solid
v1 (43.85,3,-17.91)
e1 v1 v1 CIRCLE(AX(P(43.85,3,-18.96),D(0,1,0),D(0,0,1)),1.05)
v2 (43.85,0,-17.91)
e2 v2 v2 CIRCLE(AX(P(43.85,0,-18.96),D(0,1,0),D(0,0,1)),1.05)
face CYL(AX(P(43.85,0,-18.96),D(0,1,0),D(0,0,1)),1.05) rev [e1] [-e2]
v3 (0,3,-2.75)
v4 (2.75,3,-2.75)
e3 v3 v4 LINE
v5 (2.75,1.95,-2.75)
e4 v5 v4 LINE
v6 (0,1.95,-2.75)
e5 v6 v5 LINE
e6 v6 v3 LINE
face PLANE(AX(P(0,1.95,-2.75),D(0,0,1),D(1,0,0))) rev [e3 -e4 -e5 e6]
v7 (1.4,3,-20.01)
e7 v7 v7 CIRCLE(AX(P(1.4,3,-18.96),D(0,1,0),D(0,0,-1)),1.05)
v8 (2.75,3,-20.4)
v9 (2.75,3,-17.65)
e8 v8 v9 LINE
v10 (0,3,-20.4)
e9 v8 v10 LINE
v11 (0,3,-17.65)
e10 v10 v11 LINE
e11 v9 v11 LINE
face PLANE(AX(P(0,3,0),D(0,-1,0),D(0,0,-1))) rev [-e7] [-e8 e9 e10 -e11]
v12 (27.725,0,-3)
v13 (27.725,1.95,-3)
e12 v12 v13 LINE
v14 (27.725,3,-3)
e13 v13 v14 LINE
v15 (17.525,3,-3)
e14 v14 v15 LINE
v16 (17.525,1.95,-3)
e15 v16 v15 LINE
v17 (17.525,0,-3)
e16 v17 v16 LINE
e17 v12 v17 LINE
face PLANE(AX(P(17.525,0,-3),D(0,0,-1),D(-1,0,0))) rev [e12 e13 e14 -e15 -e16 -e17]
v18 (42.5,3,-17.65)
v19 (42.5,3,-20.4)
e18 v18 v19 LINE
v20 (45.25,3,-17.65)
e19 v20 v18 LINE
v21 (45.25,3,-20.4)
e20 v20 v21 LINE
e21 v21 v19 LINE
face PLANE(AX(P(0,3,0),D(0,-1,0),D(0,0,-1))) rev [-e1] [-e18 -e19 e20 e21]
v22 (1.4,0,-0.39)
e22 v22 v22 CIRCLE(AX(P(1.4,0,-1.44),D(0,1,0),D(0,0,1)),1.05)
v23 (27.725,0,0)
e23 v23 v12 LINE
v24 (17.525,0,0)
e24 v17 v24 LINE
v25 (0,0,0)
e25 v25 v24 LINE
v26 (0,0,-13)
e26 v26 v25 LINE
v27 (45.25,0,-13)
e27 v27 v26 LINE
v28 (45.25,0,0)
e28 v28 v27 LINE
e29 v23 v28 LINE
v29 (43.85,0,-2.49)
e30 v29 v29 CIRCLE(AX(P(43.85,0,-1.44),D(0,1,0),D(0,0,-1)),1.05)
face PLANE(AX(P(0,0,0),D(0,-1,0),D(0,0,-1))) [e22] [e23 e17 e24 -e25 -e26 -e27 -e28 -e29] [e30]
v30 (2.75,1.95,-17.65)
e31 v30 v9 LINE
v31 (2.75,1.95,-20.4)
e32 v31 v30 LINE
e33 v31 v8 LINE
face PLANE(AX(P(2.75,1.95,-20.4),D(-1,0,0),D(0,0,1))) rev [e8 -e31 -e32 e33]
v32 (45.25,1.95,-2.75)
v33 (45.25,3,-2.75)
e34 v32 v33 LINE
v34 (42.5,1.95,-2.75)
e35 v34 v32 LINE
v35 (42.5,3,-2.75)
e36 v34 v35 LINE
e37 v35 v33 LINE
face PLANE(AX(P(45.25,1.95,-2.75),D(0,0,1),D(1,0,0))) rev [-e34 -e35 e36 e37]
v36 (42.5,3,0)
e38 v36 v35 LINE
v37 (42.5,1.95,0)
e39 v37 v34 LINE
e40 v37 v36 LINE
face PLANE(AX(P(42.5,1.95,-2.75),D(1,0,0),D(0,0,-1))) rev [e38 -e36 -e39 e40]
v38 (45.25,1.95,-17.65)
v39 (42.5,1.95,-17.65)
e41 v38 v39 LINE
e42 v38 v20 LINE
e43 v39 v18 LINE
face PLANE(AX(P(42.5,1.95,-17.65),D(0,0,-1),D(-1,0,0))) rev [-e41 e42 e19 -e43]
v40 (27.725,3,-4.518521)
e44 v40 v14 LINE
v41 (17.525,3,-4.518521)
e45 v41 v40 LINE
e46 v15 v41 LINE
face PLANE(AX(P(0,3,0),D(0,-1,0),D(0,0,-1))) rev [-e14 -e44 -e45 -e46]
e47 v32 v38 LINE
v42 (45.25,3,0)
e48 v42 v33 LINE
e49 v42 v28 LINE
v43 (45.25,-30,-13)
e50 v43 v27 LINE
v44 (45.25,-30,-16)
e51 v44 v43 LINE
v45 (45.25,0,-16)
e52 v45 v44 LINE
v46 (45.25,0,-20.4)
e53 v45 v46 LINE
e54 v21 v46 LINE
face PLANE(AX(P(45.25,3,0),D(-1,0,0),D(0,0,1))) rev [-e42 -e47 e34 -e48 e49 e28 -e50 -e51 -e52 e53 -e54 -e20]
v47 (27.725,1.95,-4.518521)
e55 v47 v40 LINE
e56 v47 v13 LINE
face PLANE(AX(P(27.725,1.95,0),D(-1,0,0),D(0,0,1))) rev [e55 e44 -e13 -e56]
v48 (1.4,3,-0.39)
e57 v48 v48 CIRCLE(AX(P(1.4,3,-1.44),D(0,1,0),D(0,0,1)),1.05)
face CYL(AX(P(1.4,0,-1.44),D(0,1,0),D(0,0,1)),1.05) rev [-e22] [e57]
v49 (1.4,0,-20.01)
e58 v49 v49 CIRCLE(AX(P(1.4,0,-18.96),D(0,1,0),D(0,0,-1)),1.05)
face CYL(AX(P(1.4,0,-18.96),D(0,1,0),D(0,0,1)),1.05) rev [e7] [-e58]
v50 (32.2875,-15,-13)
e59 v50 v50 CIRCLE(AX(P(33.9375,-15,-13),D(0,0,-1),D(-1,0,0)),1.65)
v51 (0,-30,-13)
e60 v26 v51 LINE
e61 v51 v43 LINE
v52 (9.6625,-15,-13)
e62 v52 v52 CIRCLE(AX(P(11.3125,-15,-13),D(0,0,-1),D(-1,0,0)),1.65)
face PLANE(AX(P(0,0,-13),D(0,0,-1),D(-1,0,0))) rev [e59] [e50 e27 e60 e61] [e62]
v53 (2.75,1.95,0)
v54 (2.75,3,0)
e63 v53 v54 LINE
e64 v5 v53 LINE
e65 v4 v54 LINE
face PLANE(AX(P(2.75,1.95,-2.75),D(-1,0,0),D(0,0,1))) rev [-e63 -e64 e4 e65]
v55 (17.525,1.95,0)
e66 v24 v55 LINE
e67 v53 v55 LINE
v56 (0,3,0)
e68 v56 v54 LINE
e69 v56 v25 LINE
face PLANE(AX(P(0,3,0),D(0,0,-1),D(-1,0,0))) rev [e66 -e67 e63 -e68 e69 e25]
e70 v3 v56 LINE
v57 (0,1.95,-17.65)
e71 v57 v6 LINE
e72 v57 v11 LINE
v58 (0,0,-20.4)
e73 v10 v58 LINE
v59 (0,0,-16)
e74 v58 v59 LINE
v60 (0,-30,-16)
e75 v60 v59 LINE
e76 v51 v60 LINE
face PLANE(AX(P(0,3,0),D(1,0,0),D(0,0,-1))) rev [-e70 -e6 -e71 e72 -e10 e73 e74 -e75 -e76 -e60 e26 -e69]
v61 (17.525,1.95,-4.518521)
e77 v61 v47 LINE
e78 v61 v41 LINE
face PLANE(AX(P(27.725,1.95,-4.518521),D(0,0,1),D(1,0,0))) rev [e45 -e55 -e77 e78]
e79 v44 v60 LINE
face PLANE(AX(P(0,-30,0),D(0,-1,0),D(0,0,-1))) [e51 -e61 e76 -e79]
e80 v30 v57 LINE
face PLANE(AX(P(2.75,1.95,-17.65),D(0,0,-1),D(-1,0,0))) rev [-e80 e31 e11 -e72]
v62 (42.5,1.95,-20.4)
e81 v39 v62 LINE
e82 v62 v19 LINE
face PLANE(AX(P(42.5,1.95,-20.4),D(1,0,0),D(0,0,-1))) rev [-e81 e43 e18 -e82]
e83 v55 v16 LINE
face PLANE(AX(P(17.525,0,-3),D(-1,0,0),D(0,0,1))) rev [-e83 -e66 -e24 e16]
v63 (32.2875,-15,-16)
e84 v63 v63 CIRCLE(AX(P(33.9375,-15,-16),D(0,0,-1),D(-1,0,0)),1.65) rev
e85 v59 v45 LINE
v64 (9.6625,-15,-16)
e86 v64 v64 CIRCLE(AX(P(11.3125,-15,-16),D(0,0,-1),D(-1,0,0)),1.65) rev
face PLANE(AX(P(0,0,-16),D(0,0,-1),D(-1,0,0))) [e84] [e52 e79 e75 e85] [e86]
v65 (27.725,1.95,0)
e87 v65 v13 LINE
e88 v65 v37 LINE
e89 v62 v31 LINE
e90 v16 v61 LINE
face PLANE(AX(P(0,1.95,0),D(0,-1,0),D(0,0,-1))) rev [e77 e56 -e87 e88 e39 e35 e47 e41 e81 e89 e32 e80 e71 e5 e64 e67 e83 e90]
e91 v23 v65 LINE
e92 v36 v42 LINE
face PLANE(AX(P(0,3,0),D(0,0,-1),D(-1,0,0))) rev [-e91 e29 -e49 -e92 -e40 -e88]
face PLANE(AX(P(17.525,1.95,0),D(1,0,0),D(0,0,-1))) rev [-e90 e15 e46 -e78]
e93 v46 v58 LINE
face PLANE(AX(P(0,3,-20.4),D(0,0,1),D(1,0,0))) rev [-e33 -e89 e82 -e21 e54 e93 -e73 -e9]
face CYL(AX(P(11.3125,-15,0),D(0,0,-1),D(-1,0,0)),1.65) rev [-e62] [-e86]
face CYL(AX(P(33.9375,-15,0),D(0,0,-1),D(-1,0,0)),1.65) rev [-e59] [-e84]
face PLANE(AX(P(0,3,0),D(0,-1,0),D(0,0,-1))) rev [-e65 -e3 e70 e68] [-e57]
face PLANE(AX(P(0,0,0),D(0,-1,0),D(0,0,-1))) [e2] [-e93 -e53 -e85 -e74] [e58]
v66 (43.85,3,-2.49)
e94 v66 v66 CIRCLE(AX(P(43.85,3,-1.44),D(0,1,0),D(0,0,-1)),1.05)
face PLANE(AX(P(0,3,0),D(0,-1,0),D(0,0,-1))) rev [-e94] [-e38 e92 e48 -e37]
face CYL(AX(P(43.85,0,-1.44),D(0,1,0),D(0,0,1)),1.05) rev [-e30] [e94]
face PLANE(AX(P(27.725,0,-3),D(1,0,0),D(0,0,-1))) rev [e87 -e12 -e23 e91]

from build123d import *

# Parameters (mm, degrees)
CROQUIS1_W              = 45.25
CROQUIS1_H              = 20.4
SALIENTE_EXTRUIR1_DEPTH = 3
CROQUIS2_W              = 10.2
CROQUIS2_H              = 3
CORTAR_EXTRUIR1_DEPTH   = 50.726476851
CORTAR_EXTRUIR2_DEPTH   = 1.05
CROQUIS5_R              = 1.05
CORTAR_EXTRUIR4_DEPTH   = 50.726476851
SALIENTE_EXTRUIR2_DEPTH = 30
CROQUIS8_W              = 45.25
CROQUIS8_H              = 30
CORTAR_EXTRUIR5_DEPTH   = 10
CROQUIS10_R             = 1.65
CORTAR_EXTRUIR6_DEPTH   = 58.197574249
CROQUIS11_W             = 45.25
CROQUIS11_H             = 30
CORTAR_EXTRUIR7_DEPTH   = 2


with BuildPart() as part:
    # Croquis1 → Saliente-Extruir1 (new body)
    with BuildSketch(Plane(origin=(0, 0, 0), x_dir=(1, 0, 0), z_dir=(0, 1, 0))):
        with Locations((22.625, 10.2)):
            Rectangle(CROQUIS1_W, CROQUIS1_H)
    extrude(amount=SALIENTE_EXTRUIR1_DEPTH)

    # Croquis2 → Cortar-Extruir1 (cut, through all)
    with BuildSketch(Plane(origin=(0, 3, 0), x_dir=(1, 0, 0), z_dir=(0, 1, 0))):
        with Locations((22.625, 1.5)):
            Rectangle(CROQUIS2_W, CROQUIS2_H)
    extrude(amount=-CORTAR_EXTRUIR1_DEPTH, mode=Mode.SUBTRACT)

    # Croquis3 → Cortar-Extruir2 (cut)
    with BuildSketch(Plane(origin=(0, 3, 0), x_dir=(1, 0, 0), z_dir=(0, 1, 0))):
        Polygon((42.5, 0), (27.725, 0), (27.725, 4.51852132), (17.525, 4.51852132), (17.525, 0), (2.75, 0), (2.75, 2.75), (0, 2.75), (0, 17.65), (2.75, 17.65), (2.75, 20.4), (42.5, 20.4), (42.5, 17.65), (45.25, 17.65), (45.25, 2.75), (42.5, 2.75), align=None)
    extrude(amount=-CORTAR_EXTRUIR2_DEPTH, mode=Mode.SUBTRACT)

    # Croquis5 → Cortar-Extruir4 (cut, through all)
    with BuildSketch(Plane(origin=(0, 3, 0), x_dir=(1, 0, 0), z_dir=(0, 1, 0))):
        with Locations(Location((43.85, 18.96, 0), (0, 0, 270))):
            Circle(CROQUIS5_R)
        with Locations(Location((1.4, 18.96, 0), (0, 0, 90))):
            Circle(CROQUIS5_R)
        with Locations(Location((43.85, 1.44, 0), (0, 0, 90))):
            Circle(CROQUIS5_R)
        with Locations(Location((1.4, 1.44, 0), (0, 0, 270))):
            Circle(CROQUIS5_R)
    extrude(amount=-CORTAR_EXTRUIR4_DEPTH, mode=Mode.SUBTRACT)

    # Croquis6 → Saliente-Extruir2 (add)
    with BuildSketch(Plane.XZ):
        Polygon((17.525, -3), (0, -3), (0, -18), (45.25, -18), (45.25, -3), align=None)
    extrude(amount=SALIENTE_EXTRUIR2_DEPTH)

    # Croquis8 → Cortar-Extruir5 (cut)
    with BuildSketch(Plane.XY.offset(-3)):
        with Locations((22.625, -15)):
            Rectangle(CROQUIS8_W, CROQUIS8_H)
    extrude(amount=-CORTAR_EXTRUIR5_DEPTH, mode=Mode.SUBTRACT)

    # Croquis10 → Cortar-Extruir6 (cut, through all)
    with BuildSketch(Plane(origin=(0, 0, -18), x_dir=(-1, 0, 0), z_dir=(0, 0, -1))):
        with Locations((-11.3125, -15)):
            Circle(CROQUIS10_R)
        with Locations((-33.9375, -15)):
            Circle(CROQUIS10_R)
    extrude(amount=-CORTAR_EXTRUIR6_DEPTH, mode=Mode.SUBTRACT)

    # Croquis11 → Cortar-Extruir7 (cut)
    with BuildSketch(Plane(origin=(0, 0, -18), x_dir=(-1, 0, 0), z_dir=(0, 0, -1))):
        with Locations((-22.625, -15)):
            Rectangle(CROQUIS11_W, CROQUIS11_H)
    extrude(amount=-CORTAR_EXTRUIR7_DEPTH, mode=Mode.SUBTRACT)


solid = part.part
